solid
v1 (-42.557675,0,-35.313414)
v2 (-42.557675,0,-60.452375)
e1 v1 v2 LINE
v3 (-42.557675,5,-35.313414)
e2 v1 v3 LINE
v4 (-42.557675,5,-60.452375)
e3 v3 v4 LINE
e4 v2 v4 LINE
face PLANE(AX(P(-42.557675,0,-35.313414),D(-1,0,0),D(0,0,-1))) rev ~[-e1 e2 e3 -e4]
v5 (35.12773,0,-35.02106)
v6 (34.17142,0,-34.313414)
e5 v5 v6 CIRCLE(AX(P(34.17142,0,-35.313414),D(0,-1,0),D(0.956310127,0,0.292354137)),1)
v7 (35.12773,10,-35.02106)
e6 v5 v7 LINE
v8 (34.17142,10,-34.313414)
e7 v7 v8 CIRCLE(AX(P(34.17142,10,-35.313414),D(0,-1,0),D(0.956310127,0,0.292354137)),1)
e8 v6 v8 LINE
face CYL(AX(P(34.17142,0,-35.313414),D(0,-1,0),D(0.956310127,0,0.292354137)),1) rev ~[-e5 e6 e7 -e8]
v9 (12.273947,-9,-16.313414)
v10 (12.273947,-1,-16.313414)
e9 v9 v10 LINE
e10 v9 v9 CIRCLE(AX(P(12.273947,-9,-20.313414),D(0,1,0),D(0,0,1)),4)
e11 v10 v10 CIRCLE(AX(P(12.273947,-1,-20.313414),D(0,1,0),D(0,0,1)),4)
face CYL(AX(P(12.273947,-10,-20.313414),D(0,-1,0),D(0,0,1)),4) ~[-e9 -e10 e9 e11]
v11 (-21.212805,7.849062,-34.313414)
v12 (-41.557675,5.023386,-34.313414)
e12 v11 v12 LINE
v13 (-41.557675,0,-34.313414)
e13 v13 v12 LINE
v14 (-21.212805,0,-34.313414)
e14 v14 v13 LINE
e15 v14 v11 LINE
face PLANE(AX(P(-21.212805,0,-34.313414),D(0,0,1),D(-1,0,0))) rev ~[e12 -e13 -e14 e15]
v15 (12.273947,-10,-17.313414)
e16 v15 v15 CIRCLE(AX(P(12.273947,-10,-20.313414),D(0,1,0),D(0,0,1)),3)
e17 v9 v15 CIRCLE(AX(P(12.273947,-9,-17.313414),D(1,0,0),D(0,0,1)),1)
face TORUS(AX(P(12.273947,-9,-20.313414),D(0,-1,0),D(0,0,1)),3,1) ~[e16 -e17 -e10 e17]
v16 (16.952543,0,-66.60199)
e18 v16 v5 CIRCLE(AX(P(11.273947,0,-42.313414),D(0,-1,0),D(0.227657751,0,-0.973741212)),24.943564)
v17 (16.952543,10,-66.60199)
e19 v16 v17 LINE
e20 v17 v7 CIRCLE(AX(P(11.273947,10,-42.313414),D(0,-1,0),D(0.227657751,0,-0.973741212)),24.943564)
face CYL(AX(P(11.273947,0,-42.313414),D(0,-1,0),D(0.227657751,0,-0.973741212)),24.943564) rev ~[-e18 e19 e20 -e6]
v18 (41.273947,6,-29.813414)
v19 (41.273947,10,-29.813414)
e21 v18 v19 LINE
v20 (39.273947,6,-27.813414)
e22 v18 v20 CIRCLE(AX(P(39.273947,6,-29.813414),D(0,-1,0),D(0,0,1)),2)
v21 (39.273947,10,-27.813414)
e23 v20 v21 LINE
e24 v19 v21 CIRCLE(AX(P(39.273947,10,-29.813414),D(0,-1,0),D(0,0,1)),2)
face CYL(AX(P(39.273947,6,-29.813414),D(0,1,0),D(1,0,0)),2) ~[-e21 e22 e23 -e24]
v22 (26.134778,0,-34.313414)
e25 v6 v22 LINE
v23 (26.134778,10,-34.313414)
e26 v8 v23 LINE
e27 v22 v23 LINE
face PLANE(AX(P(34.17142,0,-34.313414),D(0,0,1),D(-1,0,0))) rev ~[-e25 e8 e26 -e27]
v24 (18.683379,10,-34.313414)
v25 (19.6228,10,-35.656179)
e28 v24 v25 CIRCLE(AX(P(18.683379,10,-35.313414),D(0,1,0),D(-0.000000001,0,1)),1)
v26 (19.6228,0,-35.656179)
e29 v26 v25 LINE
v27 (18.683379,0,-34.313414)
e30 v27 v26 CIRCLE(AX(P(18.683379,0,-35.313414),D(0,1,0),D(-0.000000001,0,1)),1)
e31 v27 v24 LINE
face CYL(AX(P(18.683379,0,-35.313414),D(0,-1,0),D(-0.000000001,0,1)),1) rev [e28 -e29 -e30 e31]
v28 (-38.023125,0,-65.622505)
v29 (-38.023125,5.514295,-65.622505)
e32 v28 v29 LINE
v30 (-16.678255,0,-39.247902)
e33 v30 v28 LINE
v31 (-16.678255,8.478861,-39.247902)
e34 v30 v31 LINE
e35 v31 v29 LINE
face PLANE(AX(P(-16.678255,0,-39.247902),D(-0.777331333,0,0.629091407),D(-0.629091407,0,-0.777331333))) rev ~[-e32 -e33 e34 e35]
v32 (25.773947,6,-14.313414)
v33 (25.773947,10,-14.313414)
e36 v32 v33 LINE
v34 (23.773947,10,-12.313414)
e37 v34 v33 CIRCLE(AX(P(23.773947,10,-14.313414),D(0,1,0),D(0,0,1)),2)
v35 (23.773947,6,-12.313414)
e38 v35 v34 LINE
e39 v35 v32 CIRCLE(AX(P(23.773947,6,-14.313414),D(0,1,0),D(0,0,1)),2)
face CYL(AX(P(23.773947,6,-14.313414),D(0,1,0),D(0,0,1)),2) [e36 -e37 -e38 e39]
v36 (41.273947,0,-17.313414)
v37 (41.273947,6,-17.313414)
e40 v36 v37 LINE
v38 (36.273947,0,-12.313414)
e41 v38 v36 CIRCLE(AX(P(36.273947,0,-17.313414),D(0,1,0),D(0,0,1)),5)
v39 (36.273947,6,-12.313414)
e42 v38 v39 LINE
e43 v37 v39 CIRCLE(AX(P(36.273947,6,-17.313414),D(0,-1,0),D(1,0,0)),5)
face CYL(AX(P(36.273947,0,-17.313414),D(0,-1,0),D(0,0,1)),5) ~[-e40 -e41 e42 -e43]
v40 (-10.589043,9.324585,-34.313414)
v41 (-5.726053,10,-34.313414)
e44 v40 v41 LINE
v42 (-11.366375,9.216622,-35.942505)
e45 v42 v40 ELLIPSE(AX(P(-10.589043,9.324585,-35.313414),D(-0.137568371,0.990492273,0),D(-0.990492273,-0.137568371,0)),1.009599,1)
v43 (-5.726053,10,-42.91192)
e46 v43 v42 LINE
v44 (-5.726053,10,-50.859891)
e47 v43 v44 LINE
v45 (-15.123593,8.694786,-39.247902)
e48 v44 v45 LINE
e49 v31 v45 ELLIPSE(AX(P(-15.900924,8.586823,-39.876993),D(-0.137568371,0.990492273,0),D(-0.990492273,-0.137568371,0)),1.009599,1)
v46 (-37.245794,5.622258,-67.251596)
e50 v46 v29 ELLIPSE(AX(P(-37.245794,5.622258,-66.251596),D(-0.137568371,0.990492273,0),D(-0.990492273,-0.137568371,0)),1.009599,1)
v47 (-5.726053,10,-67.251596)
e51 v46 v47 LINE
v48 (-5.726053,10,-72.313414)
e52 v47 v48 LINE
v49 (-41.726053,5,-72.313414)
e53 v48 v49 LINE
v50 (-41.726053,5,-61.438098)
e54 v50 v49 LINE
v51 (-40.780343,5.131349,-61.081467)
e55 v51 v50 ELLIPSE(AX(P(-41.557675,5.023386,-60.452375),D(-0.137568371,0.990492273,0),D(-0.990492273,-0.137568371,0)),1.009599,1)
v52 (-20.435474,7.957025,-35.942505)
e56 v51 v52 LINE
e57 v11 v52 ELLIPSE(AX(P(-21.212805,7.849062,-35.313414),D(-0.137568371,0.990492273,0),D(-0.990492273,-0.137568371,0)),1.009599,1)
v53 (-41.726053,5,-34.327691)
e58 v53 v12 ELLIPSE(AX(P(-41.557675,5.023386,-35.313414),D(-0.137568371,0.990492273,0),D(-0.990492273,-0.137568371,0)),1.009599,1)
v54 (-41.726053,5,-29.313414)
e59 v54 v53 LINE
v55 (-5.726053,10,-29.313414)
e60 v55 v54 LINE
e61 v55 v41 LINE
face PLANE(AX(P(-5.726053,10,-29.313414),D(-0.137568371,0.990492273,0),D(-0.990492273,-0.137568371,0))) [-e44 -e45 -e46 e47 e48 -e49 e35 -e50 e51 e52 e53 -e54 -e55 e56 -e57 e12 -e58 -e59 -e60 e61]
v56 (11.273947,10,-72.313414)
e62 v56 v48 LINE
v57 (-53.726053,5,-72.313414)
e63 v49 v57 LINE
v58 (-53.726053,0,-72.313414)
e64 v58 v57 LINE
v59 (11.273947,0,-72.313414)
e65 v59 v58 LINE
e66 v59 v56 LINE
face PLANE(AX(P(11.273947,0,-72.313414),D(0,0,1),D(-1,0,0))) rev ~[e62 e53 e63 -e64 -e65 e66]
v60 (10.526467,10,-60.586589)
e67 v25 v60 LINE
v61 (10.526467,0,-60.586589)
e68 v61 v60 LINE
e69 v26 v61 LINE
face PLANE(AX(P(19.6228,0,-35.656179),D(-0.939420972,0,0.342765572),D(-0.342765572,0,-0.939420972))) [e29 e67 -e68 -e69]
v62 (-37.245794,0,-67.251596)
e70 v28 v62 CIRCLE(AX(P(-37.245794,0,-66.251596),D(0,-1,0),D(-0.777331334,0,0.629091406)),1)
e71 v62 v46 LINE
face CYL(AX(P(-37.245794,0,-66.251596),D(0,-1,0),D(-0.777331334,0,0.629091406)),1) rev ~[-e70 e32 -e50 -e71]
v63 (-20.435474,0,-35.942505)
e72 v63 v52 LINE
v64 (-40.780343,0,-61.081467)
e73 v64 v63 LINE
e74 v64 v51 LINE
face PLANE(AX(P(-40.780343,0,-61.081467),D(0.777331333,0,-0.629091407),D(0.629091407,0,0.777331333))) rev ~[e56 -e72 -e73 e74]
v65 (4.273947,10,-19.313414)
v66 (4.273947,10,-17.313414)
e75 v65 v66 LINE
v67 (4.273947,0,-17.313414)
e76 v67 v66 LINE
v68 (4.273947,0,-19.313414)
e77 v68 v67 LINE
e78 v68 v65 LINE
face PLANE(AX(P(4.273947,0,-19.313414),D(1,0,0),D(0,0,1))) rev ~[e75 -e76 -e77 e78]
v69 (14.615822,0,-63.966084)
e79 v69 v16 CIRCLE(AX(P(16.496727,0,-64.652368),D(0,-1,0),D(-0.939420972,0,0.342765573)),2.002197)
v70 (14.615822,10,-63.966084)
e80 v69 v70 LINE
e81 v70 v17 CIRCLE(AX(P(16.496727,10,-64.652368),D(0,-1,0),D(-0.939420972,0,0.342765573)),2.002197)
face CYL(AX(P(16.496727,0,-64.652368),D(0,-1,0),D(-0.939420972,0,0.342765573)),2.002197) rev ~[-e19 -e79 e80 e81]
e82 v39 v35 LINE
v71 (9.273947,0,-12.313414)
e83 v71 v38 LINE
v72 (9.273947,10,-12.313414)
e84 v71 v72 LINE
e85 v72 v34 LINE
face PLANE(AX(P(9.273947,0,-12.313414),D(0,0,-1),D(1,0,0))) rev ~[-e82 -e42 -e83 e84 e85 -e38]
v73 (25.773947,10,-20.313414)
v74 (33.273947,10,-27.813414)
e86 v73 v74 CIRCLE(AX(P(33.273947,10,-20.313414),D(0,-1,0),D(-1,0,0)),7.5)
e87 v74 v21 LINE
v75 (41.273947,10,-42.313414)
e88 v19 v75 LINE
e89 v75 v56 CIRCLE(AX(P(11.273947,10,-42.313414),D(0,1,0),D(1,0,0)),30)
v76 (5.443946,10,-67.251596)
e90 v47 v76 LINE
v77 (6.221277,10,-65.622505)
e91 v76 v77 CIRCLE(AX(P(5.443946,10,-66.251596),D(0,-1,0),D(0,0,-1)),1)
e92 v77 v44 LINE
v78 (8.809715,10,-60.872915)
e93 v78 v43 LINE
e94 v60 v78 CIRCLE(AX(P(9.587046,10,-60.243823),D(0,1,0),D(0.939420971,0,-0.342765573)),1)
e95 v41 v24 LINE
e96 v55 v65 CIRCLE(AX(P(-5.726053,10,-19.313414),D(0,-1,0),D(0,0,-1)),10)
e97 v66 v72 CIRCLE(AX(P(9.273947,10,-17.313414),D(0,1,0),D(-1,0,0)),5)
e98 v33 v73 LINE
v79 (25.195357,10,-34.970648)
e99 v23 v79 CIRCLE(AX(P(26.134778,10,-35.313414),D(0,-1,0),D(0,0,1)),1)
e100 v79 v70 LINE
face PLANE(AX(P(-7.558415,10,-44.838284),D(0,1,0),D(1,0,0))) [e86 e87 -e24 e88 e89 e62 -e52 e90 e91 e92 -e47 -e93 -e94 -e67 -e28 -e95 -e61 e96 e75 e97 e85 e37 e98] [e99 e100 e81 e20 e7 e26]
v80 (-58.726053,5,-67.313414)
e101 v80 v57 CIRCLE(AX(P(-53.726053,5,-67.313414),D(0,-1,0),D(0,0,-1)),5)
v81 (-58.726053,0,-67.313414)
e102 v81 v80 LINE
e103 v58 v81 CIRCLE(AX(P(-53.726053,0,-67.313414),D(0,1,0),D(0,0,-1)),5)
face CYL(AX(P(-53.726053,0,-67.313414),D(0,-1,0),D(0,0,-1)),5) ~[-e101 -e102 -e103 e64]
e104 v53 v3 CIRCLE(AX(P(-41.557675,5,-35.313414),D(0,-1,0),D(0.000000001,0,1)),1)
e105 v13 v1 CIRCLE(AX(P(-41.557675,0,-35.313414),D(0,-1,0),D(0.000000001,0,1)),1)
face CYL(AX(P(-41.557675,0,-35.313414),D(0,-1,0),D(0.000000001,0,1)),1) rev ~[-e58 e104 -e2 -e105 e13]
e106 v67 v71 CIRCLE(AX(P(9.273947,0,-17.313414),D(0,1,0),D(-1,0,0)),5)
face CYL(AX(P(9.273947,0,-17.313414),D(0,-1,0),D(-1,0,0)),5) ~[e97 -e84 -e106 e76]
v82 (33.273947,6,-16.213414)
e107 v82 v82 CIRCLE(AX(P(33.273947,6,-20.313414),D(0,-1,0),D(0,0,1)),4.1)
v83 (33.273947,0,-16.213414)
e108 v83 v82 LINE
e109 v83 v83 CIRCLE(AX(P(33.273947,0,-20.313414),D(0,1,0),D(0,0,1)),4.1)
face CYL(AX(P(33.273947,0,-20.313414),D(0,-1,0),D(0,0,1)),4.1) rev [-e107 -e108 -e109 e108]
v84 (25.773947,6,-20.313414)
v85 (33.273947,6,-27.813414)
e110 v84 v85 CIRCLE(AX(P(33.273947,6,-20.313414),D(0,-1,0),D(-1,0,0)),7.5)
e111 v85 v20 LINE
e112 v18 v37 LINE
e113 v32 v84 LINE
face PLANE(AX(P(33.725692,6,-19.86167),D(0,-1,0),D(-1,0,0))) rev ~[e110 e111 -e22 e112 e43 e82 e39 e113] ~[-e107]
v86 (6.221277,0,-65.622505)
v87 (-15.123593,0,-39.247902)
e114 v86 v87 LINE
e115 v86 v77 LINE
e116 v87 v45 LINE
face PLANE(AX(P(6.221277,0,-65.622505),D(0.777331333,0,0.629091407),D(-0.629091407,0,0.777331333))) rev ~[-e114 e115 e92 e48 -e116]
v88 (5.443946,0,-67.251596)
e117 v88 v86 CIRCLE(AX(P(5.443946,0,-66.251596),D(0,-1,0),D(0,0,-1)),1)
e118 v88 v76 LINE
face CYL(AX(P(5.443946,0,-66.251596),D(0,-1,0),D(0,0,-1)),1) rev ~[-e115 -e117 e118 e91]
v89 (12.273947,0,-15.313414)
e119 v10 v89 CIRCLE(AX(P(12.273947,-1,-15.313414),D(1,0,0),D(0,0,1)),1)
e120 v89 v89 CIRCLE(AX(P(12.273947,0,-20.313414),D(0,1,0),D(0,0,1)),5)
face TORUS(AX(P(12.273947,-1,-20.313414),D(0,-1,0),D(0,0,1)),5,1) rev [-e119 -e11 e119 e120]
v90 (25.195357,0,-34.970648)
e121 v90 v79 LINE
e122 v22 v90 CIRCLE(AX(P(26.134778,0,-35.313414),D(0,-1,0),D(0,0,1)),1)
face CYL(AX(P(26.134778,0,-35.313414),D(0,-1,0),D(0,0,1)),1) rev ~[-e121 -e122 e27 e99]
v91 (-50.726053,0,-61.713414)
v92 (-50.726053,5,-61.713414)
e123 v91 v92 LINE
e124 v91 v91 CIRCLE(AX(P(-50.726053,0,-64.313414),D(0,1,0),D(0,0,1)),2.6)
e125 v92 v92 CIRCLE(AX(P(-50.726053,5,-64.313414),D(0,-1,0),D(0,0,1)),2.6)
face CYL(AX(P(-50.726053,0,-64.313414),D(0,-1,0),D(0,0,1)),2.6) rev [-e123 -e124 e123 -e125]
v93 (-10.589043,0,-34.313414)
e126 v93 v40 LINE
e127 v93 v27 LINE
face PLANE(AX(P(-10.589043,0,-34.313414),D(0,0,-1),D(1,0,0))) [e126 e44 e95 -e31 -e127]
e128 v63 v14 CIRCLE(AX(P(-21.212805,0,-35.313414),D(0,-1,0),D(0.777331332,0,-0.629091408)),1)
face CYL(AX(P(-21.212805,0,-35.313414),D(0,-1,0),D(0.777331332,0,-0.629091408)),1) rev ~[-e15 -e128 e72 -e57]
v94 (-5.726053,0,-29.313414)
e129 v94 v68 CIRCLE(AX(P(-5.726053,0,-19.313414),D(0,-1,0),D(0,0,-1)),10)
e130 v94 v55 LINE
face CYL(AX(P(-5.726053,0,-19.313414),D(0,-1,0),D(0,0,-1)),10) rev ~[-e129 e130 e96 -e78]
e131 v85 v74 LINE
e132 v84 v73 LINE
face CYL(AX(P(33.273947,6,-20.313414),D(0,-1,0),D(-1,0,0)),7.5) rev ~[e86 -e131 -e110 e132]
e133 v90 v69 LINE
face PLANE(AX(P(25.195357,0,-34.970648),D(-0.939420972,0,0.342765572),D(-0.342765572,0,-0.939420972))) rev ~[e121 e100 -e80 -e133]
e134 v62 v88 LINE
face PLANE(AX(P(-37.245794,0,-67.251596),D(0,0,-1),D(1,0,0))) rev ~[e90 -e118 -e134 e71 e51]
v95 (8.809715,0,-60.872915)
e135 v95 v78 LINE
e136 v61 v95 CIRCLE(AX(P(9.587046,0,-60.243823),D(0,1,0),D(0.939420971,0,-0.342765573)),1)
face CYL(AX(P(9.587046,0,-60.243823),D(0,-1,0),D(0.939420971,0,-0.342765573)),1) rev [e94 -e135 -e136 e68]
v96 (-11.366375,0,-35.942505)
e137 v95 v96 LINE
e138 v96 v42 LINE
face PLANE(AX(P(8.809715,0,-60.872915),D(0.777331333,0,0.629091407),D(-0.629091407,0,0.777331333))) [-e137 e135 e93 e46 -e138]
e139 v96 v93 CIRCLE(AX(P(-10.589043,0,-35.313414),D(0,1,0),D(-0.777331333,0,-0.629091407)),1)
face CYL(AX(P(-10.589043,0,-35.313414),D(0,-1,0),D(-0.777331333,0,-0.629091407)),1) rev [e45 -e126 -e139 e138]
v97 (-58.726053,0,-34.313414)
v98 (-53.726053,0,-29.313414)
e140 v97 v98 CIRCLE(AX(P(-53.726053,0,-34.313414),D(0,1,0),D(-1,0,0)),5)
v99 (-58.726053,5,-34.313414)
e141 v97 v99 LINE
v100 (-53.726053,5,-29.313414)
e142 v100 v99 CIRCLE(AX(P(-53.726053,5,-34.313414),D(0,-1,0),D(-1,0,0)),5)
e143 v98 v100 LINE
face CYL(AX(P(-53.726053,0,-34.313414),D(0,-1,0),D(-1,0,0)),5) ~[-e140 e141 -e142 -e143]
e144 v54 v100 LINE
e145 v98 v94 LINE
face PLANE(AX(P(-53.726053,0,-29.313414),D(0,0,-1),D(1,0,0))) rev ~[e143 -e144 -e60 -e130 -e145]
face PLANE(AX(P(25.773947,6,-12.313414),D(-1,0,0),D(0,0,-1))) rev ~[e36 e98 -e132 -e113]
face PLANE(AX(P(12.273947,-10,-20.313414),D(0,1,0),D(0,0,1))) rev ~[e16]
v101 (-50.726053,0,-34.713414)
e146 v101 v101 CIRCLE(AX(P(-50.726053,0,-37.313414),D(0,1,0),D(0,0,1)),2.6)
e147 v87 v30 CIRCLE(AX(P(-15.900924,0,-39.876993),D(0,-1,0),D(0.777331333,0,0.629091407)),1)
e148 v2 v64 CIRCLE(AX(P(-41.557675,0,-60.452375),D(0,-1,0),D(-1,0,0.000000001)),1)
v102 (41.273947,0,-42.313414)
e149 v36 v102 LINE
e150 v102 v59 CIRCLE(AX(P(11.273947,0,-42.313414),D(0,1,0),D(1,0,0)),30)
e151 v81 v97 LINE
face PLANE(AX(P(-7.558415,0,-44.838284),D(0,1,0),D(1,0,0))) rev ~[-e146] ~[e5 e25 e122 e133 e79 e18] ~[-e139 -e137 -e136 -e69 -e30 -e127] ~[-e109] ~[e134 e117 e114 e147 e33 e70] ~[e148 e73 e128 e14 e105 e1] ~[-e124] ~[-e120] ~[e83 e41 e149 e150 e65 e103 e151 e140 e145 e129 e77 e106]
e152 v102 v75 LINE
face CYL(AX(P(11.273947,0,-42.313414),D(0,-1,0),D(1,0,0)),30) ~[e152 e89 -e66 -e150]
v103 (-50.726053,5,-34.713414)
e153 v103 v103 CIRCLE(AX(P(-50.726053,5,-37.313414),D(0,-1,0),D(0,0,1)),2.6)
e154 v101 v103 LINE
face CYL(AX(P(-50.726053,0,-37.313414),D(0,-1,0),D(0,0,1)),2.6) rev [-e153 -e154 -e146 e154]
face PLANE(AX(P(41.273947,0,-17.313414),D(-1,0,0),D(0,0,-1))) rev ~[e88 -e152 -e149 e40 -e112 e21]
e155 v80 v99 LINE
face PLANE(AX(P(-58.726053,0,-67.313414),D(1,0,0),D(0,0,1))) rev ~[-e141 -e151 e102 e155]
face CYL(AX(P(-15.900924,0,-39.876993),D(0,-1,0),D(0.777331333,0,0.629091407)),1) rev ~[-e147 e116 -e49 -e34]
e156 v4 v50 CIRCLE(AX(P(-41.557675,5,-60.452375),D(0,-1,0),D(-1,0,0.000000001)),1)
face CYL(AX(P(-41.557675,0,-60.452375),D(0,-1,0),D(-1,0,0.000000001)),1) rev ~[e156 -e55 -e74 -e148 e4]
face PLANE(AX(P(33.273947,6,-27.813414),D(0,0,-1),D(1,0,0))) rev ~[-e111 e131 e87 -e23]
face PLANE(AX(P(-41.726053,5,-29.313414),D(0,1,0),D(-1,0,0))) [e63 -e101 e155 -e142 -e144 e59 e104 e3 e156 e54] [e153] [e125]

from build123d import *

# Parameters (mm, degrees)
SKETCH1_R           = 4.1
SKETCH1_R_2         = 4
SKETCH1_R_3         = 2.6
BOSS_EXTRUDE1_DEPTH = 10
CUT_EXTRUDE1_START  = -4
CUT_EXTRUDE1_DEPTH  = 4
FILLET1_R           = 2
BOSS_EXTRUDE2_START = -20
SKETCH3_R           = 4
BOSS_EXTRUDE2_DEPTH = 20
FILLET2_R           = 1
CUT_EXTRUDE2_REACH  = 75.469


with BuildPart() as part:
    # Sketch1 → Boss-Extrude1 (new body)
    with BuildSketch(Plane(origin=(0, 0, 0), x_dir=(1, 0, 0), z_dir=(0, 1, 0))):
        with BuildLine():
            Line((11.273947383, 72.313413723), (4.792068361, 72.313413723))
            Line((4.792068361, 72.313413723), (-53.726052617, 72.313413723))
            ThreePointArc((-53.726052617, 72.313413723), (-57.261586523, 70.848947629), (-58.726052617, 67.313413723))
            Line((-58.726052617, 67.313413723), (-58.726052617, 34.313413723))
            ThreePointArc((-58.726052617, 34.313413723), (-57.261586523, 30.777879817), (-53.726052617, 29.313413723))
            Line((-53.726052617, 29.313413723), (-5.726052617, 29.313413723))
            ThreePointArc((-5.726052617, 29.313413723), (1.345015195, 26.384481534), (4.273947383, 19.313413723))
            Line((4.273947383, 19.313413723), (4.273947383, 17.313413723))
            ThreePointArc((4.273947383, 17.313413723), (5.738413477, 13.777879817), (9.273947383, 12.313413723))
            Line((9.273947383, 12.313413723), (36.273947383, 12.313413723))
            ThreePointArc((36.273947383, 12.313413723), (39.809481289, 13.777879817), (41.273947383, 17.313413723))
            Line((41.273947383, 17.313413723), (41.273947383, 42.313413723))
            ThreePointArc((41.273947383, 42.313413723), (32.487150819, 63.526617158), (11.273947383, 72.313413723))
        make_face()
        with Locations(Location((33.273947383, 20.313413723, 0), (0, 0, 270))):
            Circle(SKETCH1_R, mode=Mode.SUBTRACT)
        with Locations(Location((12.273947383, 20.313413723, 0), (0, 0, 270))):
            Circle(SKETCH1_R_2, mode=Mode.SUBTRACT)
        with Locations(Location((-50.726052617, 64.313413723, 0), (0, 0, 270))):
            Circle(SKETCH1_R_3, mode=Mode.SUBTRACT)
        with Locations(Location((-50.726052617, 37.313413723, 0), (0, 0, 270))):
            Circle(SKETCH1_R_3, mode=Mode.SUBTRACT)
        with BuildLine():
            Line((34.171420048, 34.313413723), (26.134777641, 34.313413723))
            ThreePointArc((26.134777641, 34.313413723), (25.561526201, 34.49403421), (25.19535667, 34.97064815))
            Line((25.19535667, 34.97064815), (14.615821544, 63.966084002))
            ThreePointArc((14.615821544, 63.966084002), (14.998488248, 65.980552022), (16.952543045, 66.601989919))
            ThreePointArc((16.952543045, 66.601989919), (32.892900514, 54.755368869), (35.127730175, 35.021059585))
            ThreePointArc((35.127730175, 35.021059585), (34.766250218, 34.509562325), (34.171420048, 34.313413723))
        make_face(mode=Mode.SUBTRACT)
        with BuildLine():
            Line((-42.557674575, 35.313413723), (-42.557674575, 60.452375226))
            ThreePointArc((-42.557674575, 60.452375226), (-41.891342574, 61.395065879), (-40.780343242, 61.081466633))
            Line((-40.780343242, 61.081466633), (-20.435473581, 35.94250513))
            ThreePointArc((-20.435473581, 35.94250513), (-20.310283056, 34.882769674), (-21.212804914, 34.313413723))
            Line((-21.212804914, 34.313413723), (-41.557674575, 34.313413723))
            ThreePointArc((-41.557674575, 34.313413723), (-42.264781356, 34.606306941), (-42.557674575, 35.313413723))
        make_face(mode=Mode.SUBTRACT)
        with BuildLine():
            Line((-37.245793747, 67.251595954), (5.443945576, 67.251595954))
            ThreePointArc((5.443945576, 67.251595954), (6.346467434, 66.682240002), (6.221276909, 65.622504547))
            Line((6.221276909, 65.622504547), (-15.123592752, 39.247901728))
            ThreePointArc((-15.123592752, 39.247901728), (-15.900924085, 38.876993135), (-16.678255419, 39.247901728))
            Line((-16.678255419, 39.247901728), (-38.02312508, 65.622504547))
            ThreePointArc((-38.02312508, 65.622504547), (-38.148315604, 66.682240002), (-37.245793747, 67.251595954))
        make_face(mode=Mode.SUBTRACT)
        with BuildLine():
            Line((19.622800135, 35.656179295), (10.526467022, 60.58658882))
            ThreePointArc((10.526467022, 60.58658882), (9.751557094, 61.230198488), (8.809714717, 60.872914654))
            Line((8.809714717, 60.872914654), (-11.36637459, 35.94250513))
            ThreePointArc((-11.36637459, 35.94250513), (-11.491565114, 34.882769674), (-10.589043257, 34.313413723))
            Line((-10.589043257, 34.313413723), (18.683379163, 34.313413723))
            ThreePointArc((18.683379163, 34.313413723), (19.502758676, 34.740162282), (19.622800135, 35.656179295))
        make_face(mode=Mode.SUBTRACT)
    extrude(amount=BOSS_EXTRUDE1_DEPTH)

    # Sketch2 → Cut-Extrude1 (cut)
    with BuildSketch(Plane(origin=(0, 10, 0), x_dir=(1, 0, 0), z_dir=(0, 1, 0)).offset(CUT_EXTRUDE1_START)):
        with BuildLine():
            Line((33.273947383, 27.813413723), (41.273947383, 27.813413723))
            Line((41.273947383, 27.813413723), (41.273947383, 17.313413723))
            ThreePointArc((41.273947383, 17.313413723), (39.809481289, 13.777879817), (36.273947383, 12.313413723))
            Line((36.273947383, 12.313413723), (25.773947383, 12.313413723))
            Line((25.773947383, 12.313413723), (25.773947383, 20.313413723))
            ThreePointArc((25.773947383, 20.313413723), (27.970646524, 25.616714582), (33.273947383, 27.813413723))
        make_face()
    extrude(amount=CUT_EXTRUDE1_DEPTH, mode=Mode.SUBTRACT)

    # Fillet1
    fillet1_edges = [part.edges().sort_by_distance(p)[0] for p in [
        (41.273947383, 8, -27.813413723),
        (25.773947383, 8, -12.313413723),
    ]]
    fillet(fillet1_edges, radius=FILLET1_R)

    # Sketch3 → Boss-Extrude2 (add)
    with BuildSketch(Plane(origin=(0, 10, 0), x_dir=(1, 0, 0), z_dir=(0, 1, 0)).offset(BOSS_EXTRUDE2_START)):
        with Locations(Location((12.273947383, 20.313413723, 0), (0, 0, 270))):
            Circle(SKETCH3_R)
    extrude(amount=BOSS_EXTRUDE2_DEPTH)

    # Fillet2
    fillet2_edges = [part.edges().sort_by_distance(p)[0] for p in [
        (12.273947383, -10, -24.313413723),
        (12.273947383, 0, -24.313413723),
    ]]
    fillet(fillet2_edges, radius=FILLET2_R)

    # Cut-Extrude2: up to this face of the body (flat: up to its plane)
    cut_extrude2_end = Plane(part.part.faces().sort_by_distance((-21.226052617, 5, -72.313413723))[0])
    # Sketch4 → Cut-Extrude2 (cut, up to the picked face)
    with BuildSketch(Plane.XY.offset(-29.313413723), mode=Mode.PRIVATE) as cut_extrude2_sk1:
        Polygon((-5.726052617, 10), (-41.726052617, 5), (-62.366339881, 5), (-62.366339881, 10), align=None)
    cut_extrude2_tool1 = split(extrude(cut_extrude2_sk1.sketch, amount=-CUT_EXTRUDE2_REACH, mode=Mode.PRIVATE), bisect_by=cut_extrude2_end, keep=Keep.BOTH, mode=Mode.PRIVATE)
    add(cut_extrude2_tool1.solids().sort_by(Axis((-41.648691, 7.888196, -29.313414), (0, 0, -1)))[0], mode=Mode.SUBTRACT)


solid = part.part
